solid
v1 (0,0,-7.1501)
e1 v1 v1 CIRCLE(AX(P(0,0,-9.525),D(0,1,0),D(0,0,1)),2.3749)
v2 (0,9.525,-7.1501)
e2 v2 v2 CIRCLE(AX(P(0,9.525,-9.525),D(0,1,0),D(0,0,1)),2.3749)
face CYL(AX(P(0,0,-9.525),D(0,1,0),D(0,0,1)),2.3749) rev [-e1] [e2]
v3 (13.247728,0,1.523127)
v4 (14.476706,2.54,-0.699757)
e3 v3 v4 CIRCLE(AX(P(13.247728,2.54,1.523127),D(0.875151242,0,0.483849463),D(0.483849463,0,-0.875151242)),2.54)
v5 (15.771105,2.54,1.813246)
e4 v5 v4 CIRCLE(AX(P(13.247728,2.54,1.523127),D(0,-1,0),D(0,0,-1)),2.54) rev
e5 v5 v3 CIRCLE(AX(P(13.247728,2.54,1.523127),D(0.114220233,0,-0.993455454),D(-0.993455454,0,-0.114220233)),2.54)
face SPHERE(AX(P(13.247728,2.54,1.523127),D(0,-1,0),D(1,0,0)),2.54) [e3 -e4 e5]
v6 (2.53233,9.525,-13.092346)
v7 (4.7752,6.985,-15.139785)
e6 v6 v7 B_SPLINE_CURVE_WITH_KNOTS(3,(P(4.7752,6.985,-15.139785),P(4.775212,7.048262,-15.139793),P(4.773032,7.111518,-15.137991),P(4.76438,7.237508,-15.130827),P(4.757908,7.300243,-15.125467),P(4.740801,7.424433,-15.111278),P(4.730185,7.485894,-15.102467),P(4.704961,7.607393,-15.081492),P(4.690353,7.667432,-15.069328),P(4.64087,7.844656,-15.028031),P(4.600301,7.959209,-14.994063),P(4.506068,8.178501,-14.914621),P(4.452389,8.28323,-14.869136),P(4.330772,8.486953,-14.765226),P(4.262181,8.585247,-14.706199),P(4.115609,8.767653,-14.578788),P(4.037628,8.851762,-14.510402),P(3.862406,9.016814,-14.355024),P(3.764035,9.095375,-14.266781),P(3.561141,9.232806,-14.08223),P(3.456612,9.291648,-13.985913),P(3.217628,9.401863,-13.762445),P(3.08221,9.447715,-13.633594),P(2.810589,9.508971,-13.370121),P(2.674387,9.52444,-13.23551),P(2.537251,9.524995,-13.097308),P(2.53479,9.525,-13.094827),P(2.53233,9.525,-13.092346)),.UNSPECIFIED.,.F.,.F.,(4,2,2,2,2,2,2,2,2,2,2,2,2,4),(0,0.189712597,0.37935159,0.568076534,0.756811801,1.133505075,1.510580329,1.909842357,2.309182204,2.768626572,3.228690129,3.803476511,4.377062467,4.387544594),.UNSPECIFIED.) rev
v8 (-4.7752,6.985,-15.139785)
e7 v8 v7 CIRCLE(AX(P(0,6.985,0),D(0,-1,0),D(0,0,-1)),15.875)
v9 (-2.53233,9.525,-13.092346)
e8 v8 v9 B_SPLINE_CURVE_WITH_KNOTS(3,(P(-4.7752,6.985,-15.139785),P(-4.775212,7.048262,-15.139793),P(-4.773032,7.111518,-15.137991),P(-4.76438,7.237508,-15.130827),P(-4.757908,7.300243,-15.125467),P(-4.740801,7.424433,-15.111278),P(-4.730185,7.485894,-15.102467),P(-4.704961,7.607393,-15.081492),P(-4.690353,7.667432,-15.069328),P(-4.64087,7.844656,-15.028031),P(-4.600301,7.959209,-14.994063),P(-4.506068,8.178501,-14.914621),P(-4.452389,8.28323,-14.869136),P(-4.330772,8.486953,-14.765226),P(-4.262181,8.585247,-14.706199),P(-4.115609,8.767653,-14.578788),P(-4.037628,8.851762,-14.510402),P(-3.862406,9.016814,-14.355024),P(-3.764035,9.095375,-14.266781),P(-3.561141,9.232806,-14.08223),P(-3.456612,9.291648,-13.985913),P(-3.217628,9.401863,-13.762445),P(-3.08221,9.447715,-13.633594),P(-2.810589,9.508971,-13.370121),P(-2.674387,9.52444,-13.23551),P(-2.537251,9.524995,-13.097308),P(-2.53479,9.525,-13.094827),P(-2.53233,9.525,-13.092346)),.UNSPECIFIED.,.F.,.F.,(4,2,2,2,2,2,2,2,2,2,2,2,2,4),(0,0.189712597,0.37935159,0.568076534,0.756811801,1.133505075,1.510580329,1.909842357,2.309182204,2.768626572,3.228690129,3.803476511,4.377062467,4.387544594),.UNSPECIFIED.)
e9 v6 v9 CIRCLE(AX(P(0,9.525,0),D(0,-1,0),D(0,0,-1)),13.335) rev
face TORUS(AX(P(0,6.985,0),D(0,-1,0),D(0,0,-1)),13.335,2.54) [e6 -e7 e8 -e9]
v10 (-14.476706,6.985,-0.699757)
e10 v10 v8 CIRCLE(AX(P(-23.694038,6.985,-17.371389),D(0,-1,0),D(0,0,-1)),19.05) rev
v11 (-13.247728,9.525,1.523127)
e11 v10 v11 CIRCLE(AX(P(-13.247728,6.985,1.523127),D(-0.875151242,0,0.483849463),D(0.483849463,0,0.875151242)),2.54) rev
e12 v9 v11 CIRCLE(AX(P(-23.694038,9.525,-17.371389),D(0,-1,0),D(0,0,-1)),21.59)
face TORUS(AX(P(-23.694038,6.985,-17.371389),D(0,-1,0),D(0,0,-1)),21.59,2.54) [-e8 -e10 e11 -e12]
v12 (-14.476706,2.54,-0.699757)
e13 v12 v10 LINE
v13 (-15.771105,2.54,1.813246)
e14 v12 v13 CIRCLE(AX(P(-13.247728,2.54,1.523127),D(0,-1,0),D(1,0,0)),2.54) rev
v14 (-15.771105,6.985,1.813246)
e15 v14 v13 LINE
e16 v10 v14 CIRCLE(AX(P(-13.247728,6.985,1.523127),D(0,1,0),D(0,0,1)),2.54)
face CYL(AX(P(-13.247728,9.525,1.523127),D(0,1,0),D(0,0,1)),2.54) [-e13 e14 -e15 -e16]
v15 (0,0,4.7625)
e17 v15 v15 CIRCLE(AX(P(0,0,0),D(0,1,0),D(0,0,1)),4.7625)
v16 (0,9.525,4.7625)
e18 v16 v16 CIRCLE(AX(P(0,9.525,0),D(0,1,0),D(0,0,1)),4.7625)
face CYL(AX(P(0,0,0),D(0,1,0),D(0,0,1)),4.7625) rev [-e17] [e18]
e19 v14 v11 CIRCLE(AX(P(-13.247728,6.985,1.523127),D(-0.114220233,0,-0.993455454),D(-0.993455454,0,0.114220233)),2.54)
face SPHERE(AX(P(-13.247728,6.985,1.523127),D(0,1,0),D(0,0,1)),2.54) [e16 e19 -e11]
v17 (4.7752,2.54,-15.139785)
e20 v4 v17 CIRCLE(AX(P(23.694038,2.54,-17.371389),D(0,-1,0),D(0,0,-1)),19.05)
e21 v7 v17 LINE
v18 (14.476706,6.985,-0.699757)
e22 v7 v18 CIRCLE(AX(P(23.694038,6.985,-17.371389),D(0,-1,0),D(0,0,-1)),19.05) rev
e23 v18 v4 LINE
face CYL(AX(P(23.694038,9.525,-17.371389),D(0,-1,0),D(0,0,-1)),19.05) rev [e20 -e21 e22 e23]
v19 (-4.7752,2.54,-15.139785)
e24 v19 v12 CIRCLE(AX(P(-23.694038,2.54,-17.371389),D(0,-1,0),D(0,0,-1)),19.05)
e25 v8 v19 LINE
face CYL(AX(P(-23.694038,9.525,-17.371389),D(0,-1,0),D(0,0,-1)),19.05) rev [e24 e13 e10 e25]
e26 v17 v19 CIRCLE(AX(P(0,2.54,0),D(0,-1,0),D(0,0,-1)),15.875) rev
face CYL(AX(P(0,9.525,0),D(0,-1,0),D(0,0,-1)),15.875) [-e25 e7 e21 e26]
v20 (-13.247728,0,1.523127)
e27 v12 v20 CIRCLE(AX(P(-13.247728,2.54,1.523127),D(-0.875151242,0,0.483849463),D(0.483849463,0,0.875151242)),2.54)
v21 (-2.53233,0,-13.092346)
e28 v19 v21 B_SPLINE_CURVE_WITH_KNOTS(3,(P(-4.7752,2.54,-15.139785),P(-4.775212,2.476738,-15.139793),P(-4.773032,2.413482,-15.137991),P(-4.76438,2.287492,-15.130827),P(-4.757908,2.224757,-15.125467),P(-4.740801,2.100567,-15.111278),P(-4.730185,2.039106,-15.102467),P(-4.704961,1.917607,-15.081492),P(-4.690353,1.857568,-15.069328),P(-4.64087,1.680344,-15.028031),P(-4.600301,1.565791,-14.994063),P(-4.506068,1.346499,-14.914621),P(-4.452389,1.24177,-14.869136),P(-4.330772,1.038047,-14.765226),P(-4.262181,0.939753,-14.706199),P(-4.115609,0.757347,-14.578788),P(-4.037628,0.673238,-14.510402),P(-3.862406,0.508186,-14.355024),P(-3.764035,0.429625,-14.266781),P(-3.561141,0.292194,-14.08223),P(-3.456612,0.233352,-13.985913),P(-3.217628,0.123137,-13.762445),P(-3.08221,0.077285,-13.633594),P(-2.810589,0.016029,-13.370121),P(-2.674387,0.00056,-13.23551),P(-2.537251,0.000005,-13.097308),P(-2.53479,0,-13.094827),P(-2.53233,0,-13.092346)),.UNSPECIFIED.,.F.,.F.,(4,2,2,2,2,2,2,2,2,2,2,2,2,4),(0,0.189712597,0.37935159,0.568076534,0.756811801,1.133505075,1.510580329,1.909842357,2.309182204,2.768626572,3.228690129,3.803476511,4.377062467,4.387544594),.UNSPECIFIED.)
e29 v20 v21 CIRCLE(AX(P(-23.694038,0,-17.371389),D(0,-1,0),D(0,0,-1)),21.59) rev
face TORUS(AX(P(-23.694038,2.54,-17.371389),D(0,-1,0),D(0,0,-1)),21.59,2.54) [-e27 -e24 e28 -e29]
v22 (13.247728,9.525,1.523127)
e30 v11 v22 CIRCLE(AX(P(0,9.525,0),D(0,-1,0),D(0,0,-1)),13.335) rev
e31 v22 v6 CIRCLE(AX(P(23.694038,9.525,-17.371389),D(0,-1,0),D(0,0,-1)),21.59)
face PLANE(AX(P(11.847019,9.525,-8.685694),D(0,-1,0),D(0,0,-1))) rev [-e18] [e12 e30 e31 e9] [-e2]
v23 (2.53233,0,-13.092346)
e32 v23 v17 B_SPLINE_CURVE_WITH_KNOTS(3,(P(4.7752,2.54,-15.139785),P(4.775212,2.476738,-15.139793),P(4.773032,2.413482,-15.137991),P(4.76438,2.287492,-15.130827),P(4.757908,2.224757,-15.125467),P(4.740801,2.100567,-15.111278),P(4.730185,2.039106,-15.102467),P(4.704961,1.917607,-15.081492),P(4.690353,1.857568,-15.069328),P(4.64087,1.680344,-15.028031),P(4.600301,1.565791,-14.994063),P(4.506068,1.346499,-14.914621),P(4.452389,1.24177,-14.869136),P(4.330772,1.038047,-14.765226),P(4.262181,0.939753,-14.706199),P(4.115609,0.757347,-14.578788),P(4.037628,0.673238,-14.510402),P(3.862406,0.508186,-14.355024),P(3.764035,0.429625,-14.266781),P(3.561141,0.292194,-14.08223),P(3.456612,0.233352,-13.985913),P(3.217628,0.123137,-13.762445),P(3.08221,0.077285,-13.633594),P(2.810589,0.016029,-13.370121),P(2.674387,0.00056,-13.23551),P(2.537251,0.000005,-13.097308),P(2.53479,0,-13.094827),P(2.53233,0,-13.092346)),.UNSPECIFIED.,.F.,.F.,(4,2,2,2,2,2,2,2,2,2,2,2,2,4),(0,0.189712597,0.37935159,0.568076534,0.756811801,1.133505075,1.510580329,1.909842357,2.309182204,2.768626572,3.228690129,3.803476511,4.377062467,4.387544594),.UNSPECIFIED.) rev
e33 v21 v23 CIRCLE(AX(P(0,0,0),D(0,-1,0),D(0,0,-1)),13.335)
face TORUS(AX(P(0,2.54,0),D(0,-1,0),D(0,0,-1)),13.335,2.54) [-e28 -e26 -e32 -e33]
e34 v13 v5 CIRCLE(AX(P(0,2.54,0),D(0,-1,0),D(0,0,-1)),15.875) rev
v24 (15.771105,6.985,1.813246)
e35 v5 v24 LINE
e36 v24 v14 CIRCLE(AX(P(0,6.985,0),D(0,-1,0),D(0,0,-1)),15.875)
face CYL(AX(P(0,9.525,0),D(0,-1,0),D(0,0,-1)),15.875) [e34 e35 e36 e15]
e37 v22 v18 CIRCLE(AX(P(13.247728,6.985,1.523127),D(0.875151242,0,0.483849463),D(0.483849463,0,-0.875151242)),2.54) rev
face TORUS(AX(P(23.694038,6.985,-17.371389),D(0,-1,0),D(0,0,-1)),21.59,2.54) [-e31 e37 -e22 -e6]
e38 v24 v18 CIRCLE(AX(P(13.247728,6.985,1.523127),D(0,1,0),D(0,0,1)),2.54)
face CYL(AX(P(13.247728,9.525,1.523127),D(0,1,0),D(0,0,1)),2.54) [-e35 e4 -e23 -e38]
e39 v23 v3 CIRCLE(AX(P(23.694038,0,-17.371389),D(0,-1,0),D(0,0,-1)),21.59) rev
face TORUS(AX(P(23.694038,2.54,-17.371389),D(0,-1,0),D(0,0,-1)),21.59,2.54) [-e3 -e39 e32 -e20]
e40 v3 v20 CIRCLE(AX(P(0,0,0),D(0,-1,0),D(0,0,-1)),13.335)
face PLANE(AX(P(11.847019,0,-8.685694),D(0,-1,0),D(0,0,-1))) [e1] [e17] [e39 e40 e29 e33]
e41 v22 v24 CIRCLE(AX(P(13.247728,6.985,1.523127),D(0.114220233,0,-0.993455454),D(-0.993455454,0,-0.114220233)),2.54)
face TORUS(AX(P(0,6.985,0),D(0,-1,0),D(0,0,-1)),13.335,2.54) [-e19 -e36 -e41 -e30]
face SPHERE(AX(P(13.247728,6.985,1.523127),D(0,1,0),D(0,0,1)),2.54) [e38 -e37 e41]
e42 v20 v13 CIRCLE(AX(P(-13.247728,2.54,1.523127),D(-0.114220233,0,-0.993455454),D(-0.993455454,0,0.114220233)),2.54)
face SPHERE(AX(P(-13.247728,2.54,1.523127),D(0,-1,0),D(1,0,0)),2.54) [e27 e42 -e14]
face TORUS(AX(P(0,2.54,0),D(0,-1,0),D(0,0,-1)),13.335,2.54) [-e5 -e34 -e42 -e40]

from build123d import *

# Parameters (mm, degrees)
BOSS_EXTRUDE1_DEPTH = 9.525
SKETCH2_R           = 4.7625
SKETCH2_R_2         = 2.3749
CUT_EXTRUDE1_DEPTH  = 10.525
FILLET4_R           = 2.54


with BuildPart() as part:
    # Sketch1 → Boss-Extrude1 (new body)
    with BuildSketch(Plane(origin=(0, 0, 0), x_dir=(1, 0, 0), z_dir=(0, 1, 0))):
        with BuildLine():
            ThreePointArc((-4.7752, 15.139785004), (-8.330712377, 6.107698439), (-15.875, 0))
            ThreePointArc((-15.875, 0), (0, -15.875), (15.875, 0))
            ThreePointArc((15.875, 0), (8.330712377, 6.107698439), (4.7752, 15.139785004))
            ThreePointArc((4.7752, 15.139785004), (0, 15.875), (-4.7752, 15.139785004))
        make_face()
    extrude(amount=BOSS_EXTRUDE1_DEPTH)

    # Sketch2 → Cut-Extrude1 (cut, through all)
    with BuildSketch(Plane(origin=(0, 9.525, 0), x_dir=(1, 0, 0), z_dir=(0, 1, 0))):
        Circle(SKETCH2_R)
        with Locations((0, 9.525)):
            Circle(SKETCH2_R_2)
    extrude(amount=-CUT_EXTRUDE1_DEPTH, mode=Mode.SUBTRACT)

    # Fillet4
    fillet4_edges = [part.edges().sort_by_distance(p)[0] for p in [
        (0, 9.525, 15.875),
        (8.330712377, 9.525, -6.107698439),
        (0, 9.525, -15.875),
        (8.330712377, 0, -6.107698439),
        (0, 0, 15.875),
        (-8.330712377, 0, -6.107698439),
        (0, 0, -15.875),
        (15.875, 4.7625, 0),
        (-15.875, 4.7625, 0),
        (-8.330712377, 9.525, -6.107698439),
    ]]
    fillet(fillet4_edges, radius=FILLET4_R)


solid = part.part
